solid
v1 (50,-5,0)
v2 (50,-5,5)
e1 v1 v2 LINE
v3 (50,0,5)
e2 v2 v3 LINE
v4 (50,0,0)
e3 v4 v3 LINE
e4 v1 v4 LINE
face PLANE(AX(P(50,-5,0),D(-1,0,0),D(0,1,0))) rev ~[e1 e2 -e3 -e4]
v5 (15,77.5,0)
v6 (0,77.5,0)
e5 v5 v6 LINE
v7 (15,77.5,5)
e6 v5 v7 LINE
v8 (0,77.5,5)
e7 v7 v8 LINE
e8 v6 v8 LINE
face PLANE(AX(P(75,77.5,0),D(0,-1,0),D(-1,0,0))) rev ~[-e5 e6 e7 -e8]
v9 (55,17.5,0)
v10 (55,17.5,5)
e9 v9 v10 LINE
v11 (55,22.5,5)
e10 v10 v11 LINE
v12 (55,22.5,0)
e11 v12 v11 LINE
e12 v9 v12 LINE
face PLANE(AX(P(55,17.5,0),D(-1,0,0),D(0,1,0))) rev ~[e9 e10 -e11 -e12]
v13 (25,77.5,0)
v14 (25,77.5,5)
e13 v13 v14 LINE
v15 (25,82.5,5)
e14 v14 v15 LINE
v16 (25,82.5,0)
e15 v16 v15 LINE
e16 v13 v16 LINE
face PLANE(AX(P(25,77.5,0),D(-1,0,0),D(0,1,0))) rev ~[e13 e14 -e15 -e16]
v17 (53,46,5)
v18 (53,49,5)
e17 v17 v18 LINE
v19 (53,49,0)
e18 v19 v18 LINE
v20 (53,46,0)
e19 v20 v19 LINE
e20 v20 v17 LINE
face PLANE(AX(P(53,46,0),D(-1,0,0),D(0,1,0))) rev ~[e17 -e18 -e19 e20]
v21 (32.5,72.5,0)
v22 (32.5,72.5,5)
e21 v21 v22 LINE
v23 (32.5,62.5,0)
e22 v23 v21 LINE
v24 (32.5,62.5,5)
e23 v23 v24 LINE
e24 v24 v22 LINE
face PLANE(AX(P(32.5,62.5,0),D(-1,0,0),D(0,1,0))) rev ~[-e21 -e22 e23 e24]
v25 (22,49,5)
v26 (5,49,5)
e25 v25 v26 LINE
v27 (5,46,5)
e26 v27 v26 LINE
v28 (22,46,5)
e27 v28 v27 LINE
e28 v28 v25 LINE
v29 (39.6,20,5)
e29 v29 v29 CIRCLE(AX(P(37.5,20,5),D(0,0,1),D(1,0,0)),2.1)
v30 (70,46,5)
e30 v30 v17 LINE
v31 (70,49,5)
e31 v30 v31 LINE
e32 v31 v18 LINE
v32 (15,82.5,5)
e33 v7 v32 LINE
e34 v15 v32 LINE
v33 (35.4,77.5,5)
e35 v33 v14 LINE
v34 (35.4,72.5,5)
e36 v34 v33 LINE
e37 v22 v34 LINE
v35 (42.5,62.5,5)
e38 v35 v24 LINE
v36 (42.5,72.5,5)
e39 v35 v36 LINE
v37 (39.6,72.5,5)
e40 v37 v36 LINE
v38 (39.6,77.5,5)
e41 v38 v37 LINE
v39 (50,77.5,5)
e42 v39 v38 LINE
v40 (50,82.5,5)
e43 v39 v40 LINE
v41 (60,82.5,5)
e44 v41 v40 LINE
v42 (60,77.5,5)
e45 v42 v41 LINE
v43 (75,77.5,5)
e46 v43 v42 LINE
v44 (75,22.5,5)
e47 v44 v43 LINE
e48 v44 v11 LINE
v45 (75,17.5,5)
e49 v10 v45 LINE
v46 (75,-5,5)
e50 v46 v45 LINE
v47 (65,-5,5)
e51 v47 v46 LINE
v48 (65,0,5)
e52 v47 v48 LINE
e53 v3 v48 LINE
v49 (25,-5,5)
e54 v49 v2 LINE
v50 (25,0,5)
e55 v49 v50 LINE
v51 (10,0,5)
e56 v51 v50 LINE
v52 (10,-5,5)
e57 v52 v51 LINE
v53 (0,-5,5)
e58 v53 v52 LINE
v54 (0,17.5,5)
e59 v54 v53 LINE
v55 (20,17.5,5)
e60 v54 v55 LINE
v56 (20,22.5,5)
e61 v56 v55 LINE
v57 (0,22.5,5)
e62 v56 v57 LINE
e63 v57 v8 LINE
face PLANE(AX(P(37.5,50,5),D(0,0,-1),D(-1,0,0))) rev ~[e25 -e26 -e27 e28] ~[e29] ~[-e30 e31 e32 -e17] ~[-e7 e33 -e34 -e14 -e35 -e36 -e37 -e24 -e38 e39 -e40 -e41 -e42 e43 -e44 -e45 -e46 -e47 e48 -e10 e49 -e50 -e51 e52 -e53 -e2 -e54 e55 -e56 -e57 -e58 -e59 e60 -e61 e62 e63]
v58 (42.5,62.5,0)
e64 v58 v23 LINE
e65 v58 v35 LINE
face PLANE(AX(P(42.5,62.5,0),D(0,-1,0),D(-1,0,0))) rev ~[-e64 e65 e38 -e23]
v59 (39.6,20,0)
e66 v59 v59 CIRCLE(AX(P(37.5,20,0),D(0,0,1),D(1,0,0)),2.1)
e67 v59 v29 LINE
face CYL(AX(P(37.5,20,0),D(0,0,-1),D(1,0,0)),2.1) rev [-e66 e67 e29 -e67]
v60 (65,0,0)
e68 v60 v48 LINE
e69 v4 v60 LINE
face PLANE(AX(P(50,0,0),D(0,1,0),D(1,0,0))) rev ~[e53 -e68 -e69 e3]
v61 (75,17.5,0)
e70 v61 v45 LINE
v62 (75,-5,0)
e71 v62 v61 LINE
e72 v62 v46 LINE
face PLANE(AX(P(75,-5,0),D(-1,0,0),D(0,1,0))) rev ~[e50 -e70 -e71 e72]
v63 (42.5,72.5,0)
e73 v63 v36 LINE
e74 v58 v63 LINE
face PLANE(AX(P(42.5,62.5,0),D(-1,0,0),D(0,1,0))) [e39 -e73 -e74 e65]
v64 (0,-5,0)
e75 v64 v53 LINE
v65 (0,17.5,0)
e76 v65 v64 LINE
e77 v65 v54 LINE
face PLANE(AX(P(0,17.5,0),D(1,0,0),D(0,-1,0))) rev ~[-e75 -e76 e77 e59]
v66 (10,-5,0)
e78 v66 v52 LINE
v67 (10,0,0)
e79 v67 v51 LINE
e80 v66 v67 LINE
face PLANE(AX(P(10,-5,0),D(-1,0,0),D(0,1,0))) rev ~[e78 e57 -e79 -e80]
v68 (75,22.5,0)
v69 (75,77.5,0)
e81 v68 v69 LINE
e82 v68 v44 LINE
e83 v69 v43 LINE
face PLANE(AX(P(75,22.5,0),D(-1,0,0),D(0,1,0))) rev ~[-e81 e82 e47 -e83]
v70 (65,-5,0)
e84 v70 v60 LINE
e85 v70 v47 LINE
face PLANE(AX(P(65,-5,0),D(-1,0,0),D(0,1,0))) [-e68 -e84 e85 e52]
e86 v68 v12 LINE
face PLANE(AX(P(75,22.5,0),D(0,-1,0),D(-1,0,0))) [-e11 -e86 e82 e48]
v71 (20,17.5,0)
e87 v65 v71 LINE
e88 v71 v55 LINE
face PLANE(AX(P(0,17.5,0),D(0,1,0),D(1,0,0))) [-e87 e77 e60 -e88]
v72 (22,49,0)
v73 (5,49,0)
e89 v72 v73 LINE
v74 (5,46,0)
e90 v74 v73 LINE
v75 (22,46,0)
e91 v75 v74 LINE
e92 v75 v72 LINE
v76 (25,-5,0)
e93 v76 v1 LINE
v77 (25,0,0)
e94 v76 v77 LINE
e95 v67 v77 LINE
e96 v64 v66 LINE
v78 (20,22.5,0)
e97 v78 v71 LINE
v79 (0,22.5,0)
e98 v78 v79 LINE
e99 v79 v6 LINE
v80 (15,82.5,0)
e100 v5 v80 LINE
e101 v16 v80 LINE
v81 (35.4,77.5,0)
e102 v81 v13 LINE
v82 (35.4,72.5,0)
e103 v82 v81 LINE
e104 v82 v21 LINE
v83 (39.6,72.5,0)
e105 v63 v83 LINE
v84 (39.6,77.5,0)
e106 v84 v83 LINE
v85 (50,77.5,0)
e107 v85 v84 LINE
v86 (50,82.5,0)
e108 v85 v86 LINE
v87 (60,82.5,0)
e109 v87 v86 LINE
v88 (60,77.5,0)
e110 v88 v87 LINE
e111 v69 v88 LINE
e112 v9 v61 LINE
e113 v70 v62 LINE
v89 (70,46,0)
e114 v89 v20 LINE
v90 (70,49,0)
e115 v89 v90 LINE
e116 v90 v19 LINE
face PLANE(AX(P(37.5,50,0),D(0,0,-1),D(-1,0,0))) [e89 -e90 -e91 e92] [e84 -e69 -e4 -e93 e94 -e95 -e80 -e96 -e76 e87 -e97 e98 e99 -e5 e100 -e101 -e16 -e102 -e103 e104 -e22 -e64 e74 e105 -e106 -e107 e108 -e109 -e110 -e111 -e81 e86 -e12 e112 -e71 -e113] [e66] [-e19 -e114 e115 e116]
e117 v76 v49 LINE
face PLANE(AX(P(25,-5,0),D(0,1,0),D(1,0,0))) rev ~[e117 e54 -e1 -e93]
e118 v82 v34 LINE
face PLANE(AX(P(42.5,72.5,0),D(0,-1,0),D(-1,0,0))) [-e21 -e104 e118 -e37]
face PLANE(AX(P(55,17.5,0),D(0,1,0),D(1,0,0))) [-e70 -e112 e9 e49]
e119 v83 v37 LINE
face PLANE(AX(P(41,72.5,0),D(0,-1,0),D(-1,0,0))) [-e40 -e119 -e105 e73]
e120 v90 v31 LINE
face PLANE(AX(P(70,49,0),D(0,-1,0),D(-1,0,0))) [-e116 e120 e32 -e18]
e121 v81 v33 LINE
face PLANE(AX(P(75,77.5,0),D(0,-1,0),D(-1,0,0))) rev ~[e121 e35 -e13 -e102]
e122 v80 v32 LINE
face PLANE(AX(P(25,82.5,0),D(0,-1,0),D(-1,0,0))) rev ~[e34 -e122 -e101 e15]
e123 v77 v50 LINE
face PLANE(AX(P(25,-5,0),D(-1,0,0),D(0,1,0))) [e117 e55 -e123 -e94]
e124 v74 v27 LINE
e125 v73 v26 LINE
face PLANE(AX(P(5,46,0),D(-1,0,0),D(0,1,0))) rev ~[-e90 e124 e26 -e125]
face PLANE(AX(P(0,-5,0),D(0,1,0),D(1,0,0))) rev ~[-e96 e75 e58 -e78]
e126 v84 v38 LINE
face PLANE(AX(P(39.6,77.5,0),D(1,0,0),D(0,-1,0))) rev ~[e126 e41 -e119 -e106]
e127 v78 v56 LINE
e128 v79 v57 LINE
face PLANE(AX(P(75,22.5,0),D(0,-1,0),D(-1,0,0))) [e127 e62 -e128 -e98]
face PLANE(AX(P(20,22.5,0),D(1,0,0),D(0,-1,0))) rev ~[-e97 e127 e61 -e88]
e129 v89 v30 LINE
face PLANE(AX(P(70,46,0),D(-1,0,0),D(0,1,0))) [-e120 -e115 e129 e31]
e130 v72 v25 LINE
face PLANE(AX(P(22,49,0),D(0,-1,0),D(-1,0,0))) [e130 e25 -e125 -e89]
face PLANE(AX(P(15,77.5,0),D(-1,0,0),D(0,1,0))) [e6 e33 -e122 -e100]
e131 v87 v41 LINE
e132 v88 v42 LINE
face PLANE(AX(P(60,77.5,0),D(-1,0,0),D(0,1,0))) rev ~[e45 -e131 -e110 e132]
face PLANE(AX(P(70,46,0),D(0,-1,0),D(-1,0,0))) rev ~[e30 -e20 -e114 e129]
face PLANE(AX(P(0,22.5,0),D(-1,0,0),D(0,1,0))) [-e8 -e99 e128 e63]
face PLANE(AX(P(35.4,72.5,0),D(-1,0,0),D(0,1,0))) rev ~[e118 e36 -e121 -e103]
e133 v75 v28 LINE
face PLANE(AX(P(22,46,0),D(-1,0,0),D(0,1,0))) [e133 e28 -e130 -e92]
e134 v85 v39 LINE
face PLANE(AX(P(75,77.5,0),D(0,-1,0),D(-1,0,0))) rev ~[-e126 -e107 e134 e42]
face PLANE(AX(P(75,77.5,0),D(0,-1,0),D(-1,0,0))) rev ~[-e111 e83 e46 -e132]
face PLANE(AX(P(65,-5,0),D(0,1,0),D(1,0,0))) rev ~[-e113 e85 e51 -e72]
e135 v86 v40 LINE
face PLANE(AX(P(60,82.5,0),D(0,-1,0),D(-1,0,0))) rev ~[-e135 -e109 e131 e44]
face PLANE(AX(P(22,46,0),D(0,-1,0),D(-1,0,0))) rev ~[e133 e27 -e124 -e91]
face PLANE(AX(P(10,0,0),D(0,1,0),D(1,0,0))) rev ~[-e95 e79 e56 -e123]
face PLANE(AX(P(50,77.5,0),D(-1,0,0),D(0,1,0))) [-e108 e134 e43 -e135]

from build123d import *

# Parameters (mm, degrees)
SKETCH1_W           = 75
SKETCH1_H           = 17.5
SKETCH1_R           = 2.1
SKETCH1_W_2         = 10
SKETCH1_H_2         = 5
SKETCH1_W_3         = 25
BOSS_EXTRUDE1_DEPTH = 5
SKETCH2_W           = 75
SKETCH2_H           = 55
BOSS_EXTRUDE2_DEPTH = 5
SKETCH3_W           = 10
SKETCH3_H           = 5
BOSS_EXTRUDE3_DEPTH = 5
SKETCH4_W           = 4.2
SKETCH4_H           = 5
SKETCH4_H_2         = 3.2
SKETCH4_H_3         = 1.8
SKETCH4_W_2         = 1.4
CUT_EXTRUDE1_DEPTH  = 5
SKETCH5_W           = 10
SKETCH5_H           = 10
CUT_EXTRUDE2_DEPTH  = 5
SKETCH6_W           = 17.000000092
SKETCH6_H           = 3
CUT_EXTRUDE3_DEPTH  = 10


with BuildPart() as part:
    # Sketch1 → Boss-Extrude1 (new body)
    with BuildSketch(Plane.XY):
        with Locations((37.5, 8.75)):
            Rectangle(SKETCH1_W, SKETCH1_H)
        Polygon((20, 22.5), (20, 17.5), (55, 17.5), (55, 22.5), (41.830127019, 22.5), (33.169872981, 22.5), align=None)
        with Locations((37.5, 20)):
            Circle(SKETCH1_R, mode=Mode.SUBTRACT)
        with BuildLine():
            ThreePointArc((41.830127019, 22.5), (37.5, 25), (33.169872981, 22.5))
            Line((33.169872981, 22.5), (41.830127019, 22.5))
        make_face()
        Polygon((0, 17.5), (0, 0), (10, 0), (25, 0), (50, 0), (65, 0), (75, 0), (75, 17.5), (55, 17.5), (20, 17.5), align=None)
        with Locations((70, -2.5)):
            Rectangle(SKETCH1_W_2, SKETCH1_H_2)
        with Locations((37.5, -2.5)):
            Rectangle(SKETCH1_W_3, SKETCH1_H_2)
        with Locations((5, -2.5)):
            Rectangle(SKETCH1_W_2, SKETCH1_H_2)
    extrude(amount=BOSS_EXTRUDE1_DEPTH)

    # Sketch2 → Boss-Extrude2 (add)
    with BuildSketch(Plane(origin=(0, 0, 0), x_dir=(-1, 0, 0), z_dir=(0, 0, -1))):
        with Locations((-37.5, 50)):
            Rectangle(SKETCH2_W, SKETCH2_H)
    extrude(amount=-BOSS_EXTRUDE2_DEPTH)

    # Sketch3 → Boss-Extrude3 (add)
    with BuildSketch(Plane(origin=(0, 0, 0), x_dir=(-1, 0, 0), z_dir=(0, 0, -1))):
        with Locations((-55, 80)):
            Rectangle(SKETCH3_W, SKETCH3_H)
        with Locations((-20, 80)):
            Rectangle(SKETCH3_W, SKETCH3_H)
    extrude(amount=-BOSS_EXTRUDE3_DEPTH)

    # Sketch4 → Cut-Extrude1 (cut)
    with BuildSketch(Plane(origin=(0, 0, 0), x_dir=(-1, 0, 0), z_dir=(0, 0, -1))):
        with Locations((-37.5, 75)):
            Rectangle(SKETCH4_W, SKETCH4_H)
        with Locations((-37.5, 70.9)):
            Rectangle(SKETCH4_W, SKETCH4_H_2)
        with Locations((-37.5, 68.4)):
            Rectangle(SKETCH4_W, SKETCH4_H_3)
        with Locations((-40.3, 70.9)):
            Rectangle(SKETCH4_W_2, SKETCH4_H_2)
        with Locations((-34.7, 70.9)):
            Rectangle(SKETCH4_W_2, SKETCH4_H_2)
    extrude(amount=-CUT_EXTRUDE1_DEPTH, mode=Mode.SUBTRACT)

    # Sketch5 → Cut-Extrude2 (cut)
    with BuildSketch(Plane(origin=(0, 0, 0), x_dir=(-1, 0, 0), z_dir=(0, 0, -1))):
        with Locations((-37.5, 67.5)):
            Rectangle(SKETCH5_W, SKETCH5_H)
    extrude(amount=-CUT_EXTRUDE2_DEPTH, mode=Mode.SUBTRACT)

    # Sketch6 → Cut-Extrude3 (cut)
    with BuildSketch(Plane(origin=(0, 0, 0), x_dir=(-1, 0, 0), z_dir=(0, 0, -1))):
        with Locations((-61.499999954, 47.499999965)):
            Rectangle(SKETCH6_W, SKETCH6_H)
        with Locations((-13.500000046, 47.499999965)):
            Rectangle(SKETCH6_W, SKETCH6_H)
    extrude(amount=-CUT_EXTRUDE3_DEPTH, mode=Mode.SUBTRACT)


solid = part.part
